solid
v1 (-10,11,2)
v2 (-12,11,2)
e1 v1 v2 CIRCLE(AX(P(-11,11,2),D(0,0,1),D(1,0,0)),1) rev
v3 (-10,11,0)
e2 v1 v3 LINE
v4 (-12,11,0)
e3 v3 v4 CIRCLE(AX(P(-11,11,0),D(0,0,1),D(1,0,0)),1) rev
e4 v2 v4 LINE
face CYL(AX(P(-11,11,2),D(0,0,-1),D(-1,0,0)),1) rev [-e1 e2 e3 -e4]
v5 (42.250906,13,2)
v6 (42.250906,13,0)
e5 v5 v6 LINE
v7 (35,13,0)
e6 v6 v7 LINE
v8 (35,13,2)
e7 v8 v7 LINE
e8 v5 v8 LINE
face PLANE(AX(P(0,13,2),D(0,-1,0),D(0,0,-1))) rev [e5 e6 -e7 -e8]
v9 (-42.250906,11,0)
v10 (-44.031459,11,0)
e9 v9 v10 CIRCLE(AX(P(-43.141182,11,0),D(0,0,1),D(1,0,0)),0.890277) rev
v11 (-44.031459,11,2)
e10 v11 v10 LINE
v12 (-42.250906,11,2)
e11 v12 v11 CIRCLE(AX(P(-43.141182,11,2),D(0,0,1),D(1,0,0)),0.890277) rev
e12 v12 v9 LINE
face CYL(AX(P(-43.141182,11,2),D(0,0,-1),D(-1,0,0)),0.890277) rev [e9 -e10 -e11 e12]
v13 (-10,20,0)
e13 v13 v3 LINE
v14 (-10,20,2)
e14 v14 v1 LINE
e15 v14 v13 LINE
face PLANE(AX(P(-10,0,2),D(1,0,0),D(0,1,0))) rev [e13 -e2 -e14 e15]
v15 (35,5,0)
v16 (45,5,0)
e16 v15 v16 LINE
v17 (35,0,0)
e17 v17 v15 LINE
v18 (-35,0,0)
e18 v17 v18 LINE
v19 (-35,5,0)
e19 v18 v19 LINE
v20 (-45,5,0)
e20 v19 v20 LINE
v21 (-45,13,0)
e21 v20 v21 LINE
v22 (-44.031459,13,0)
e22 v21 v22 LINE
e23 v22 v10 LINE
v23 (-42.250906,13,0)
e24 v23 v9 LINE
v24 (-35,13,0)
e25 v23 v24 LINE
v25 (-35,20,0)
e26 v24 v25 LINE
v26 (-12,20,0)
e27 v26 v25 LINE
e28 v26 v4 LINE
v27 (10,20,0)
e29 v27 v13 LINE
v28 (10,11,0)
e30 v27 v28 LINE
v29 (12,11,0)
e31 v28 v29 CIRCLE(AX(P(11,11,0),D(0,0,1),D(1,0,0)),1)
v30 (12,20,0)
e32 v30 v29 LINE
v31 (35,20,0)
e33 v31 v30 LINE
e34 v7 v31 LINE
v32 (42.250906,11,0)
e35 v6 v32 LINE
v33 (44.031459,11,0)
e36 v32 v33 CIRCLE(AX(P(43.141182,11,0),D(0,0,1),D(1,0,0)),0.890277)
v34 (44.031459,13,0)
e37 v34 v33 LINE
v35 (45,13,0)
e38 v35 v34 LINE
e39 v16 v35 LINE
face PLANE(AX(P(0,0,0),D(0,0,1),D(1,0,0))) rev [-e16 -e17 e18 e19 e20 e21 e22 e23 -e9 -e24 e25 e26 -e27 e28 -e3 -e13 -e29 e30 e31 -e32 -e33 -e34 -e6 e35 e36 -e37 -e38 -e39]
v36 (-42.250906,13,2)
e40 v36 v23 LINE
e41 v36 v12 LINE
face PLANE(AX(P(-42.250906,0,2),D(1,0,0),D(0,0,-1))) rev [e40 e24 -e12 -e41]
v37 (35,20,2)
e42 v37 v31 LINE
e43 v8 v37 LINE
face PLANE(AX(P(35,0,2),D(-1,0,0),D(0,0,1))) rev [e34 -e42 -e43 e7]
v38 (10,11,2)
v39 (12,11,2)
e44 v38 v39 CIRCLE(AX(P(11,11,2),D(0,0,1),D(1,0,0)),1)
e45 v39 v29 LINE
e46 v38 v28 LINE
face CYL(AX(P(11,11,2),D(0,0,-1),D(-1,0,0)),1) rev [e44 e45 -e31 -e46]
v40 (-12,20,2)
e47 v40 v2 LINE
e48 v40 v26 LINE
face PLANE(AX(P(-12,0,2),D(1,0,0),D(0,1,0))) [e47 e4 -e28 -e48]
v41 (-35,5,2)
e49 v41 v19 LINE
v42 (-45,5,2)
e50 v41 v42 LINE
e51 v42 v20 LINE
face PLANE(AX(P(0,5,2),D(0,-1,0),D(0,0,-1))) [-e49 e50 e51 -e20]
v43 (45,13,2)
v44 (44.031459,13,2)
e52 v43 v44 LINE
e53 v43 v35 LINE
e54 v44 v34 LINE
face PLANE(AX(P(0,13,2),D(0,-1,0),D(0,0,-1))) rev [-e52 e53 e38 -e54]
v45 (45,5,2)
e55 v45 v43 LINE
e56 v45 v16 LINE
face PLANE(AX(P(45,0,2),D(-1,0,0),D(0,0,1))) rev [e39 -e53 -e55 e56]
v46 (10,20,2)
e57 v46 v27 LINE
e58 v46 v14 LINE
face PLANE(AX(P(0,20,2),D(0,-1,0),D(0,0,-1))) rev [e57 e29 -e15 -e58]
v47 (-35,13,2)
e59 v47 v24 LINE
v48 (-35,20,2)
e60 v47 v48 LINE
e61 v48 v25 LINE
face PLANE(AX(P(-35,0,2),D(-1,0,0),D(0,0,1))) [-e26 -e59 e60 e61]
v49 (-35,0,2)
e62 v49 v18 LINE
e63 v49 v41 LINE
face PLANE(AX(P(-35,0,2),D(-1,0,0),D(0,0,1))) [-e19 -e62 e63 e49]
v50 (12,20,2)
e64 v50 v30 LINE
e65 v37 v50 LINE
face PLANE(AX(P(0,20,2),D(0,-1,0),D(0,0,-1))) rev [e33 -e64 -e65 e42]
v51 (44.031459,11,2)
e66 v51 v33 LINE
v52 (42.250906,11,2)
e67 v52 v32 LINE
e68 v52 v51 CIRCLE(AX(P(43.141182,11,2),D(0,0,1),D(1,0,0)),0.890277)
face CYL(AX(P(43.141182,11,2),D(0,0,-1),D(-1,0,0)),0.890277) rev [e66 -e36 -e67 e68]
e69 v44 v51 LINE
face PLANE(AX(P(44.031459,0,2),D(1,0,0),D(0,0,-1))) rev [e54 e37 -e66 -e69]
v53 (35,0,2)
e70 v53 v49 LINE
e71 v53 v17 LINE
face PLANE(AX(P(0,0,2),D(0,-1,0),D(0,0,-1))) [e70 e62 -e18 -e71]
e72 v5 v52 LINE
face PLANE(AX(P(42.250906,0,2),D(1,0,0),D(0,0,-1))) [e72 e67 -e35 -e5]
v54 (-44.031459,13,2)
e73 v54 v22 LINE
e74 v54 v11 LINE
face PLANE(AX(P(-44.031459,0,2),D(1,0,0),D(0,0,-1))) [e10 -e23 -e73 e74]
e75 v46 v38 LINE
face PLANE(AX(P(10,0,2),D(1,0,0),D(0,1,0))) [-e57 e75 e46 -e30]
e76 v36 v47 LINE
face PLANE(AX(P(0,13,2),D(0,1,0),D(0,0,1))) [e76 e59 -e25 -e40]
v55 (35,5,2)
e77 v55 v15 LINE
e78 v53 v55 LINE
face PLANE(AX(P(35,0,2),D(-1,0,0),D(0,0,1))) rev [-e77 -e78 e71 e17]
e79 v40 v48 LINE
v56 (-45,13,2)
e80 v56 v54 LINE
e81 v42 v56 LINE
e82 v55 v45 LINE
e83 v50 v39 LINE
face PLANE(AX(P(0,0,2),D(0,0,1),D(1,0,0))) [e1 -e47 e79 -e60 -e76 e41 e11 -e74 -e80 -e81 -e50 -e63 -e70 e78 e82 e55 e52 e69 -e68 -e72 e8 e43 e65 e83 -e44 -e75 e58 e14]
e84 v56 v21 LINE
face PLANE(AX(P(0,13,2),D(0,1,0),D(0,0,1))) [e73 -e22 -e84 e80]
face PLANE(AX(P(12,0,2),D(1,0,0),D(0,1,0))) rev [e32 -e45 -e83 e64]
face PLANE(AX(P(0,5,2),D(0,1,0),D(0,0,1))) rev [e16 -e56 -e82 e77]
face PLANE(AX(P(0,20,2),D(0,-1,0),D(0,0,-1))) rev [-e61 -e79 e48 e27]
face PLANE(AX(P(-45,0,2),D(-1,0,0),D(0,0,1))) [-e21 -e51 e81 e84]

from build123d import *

# Parameters (mm, degrees)
RESSALTO_EXTRUS_O1_DEPTH = 2


with BuildPart() as part:
    # Esboço1 → Ressalto-extrusão1 (new body)
    with BuildSketch(Plane.XY):
        with BuildLine():
            Line((-35, 0), (0, 0))
            Line((0, 0), (35, 0))
            Line((35, 0), (35, 5))
            Line((35, 5), (45, 5))
            Line((45, 5), (45, 13))
            Line((45, 13), (44.031459095, 13))
            Line((44.031459095, 13), (44.031459095, 11))
            ThreePointArc((44.031459095, 11), (43.141182377, 10.109723283), (42.25090566, 11))
            Line((42.25090566, 11), (42.25090566, 13))
            Line((42.25090566, 13), (35, 13))
            Line((35, 13), (35, 20))
            Line((35, 20), (12, 20))
            Line((12, 20), (12, 11))
            ThreePointArc((12, 11), (11, 10), (10, 11))
            Line((10, 11), (10, 20))
            Line((10, 20), (-10, 20))
            Line((-10, 20), (-10, 11))
            ThreePointArc((-10, 11), (-11, 10), (-12, 11))
            Line((-12, 11), (-12, 20))
            Line((-12, 20), (-35, 20))
            Line((-35, 20), (-35, 13))
            Line((-35, 13), (-42.25090566, 13))
            Line((-42.25090566, 13), (-42.25090566, 11))
            ThreePointArc((-42.25090566, 11), (-43.141182377, 10.109723283), (-44.031459095, 11))
            Line((-44.031459095, 11), (-44.031459095, 13))
            Line((-44.031459095, 13), (-45, 13))
            Line((-45, 13), (-45, 5))
            Line((-45, 5), (-35, 5))
            Line((-35, 5), (-35, 0))
        make_face()
    extrude(amount=RESSALTO_EXTRUS_O1_DEPTH)


solid = part.part
